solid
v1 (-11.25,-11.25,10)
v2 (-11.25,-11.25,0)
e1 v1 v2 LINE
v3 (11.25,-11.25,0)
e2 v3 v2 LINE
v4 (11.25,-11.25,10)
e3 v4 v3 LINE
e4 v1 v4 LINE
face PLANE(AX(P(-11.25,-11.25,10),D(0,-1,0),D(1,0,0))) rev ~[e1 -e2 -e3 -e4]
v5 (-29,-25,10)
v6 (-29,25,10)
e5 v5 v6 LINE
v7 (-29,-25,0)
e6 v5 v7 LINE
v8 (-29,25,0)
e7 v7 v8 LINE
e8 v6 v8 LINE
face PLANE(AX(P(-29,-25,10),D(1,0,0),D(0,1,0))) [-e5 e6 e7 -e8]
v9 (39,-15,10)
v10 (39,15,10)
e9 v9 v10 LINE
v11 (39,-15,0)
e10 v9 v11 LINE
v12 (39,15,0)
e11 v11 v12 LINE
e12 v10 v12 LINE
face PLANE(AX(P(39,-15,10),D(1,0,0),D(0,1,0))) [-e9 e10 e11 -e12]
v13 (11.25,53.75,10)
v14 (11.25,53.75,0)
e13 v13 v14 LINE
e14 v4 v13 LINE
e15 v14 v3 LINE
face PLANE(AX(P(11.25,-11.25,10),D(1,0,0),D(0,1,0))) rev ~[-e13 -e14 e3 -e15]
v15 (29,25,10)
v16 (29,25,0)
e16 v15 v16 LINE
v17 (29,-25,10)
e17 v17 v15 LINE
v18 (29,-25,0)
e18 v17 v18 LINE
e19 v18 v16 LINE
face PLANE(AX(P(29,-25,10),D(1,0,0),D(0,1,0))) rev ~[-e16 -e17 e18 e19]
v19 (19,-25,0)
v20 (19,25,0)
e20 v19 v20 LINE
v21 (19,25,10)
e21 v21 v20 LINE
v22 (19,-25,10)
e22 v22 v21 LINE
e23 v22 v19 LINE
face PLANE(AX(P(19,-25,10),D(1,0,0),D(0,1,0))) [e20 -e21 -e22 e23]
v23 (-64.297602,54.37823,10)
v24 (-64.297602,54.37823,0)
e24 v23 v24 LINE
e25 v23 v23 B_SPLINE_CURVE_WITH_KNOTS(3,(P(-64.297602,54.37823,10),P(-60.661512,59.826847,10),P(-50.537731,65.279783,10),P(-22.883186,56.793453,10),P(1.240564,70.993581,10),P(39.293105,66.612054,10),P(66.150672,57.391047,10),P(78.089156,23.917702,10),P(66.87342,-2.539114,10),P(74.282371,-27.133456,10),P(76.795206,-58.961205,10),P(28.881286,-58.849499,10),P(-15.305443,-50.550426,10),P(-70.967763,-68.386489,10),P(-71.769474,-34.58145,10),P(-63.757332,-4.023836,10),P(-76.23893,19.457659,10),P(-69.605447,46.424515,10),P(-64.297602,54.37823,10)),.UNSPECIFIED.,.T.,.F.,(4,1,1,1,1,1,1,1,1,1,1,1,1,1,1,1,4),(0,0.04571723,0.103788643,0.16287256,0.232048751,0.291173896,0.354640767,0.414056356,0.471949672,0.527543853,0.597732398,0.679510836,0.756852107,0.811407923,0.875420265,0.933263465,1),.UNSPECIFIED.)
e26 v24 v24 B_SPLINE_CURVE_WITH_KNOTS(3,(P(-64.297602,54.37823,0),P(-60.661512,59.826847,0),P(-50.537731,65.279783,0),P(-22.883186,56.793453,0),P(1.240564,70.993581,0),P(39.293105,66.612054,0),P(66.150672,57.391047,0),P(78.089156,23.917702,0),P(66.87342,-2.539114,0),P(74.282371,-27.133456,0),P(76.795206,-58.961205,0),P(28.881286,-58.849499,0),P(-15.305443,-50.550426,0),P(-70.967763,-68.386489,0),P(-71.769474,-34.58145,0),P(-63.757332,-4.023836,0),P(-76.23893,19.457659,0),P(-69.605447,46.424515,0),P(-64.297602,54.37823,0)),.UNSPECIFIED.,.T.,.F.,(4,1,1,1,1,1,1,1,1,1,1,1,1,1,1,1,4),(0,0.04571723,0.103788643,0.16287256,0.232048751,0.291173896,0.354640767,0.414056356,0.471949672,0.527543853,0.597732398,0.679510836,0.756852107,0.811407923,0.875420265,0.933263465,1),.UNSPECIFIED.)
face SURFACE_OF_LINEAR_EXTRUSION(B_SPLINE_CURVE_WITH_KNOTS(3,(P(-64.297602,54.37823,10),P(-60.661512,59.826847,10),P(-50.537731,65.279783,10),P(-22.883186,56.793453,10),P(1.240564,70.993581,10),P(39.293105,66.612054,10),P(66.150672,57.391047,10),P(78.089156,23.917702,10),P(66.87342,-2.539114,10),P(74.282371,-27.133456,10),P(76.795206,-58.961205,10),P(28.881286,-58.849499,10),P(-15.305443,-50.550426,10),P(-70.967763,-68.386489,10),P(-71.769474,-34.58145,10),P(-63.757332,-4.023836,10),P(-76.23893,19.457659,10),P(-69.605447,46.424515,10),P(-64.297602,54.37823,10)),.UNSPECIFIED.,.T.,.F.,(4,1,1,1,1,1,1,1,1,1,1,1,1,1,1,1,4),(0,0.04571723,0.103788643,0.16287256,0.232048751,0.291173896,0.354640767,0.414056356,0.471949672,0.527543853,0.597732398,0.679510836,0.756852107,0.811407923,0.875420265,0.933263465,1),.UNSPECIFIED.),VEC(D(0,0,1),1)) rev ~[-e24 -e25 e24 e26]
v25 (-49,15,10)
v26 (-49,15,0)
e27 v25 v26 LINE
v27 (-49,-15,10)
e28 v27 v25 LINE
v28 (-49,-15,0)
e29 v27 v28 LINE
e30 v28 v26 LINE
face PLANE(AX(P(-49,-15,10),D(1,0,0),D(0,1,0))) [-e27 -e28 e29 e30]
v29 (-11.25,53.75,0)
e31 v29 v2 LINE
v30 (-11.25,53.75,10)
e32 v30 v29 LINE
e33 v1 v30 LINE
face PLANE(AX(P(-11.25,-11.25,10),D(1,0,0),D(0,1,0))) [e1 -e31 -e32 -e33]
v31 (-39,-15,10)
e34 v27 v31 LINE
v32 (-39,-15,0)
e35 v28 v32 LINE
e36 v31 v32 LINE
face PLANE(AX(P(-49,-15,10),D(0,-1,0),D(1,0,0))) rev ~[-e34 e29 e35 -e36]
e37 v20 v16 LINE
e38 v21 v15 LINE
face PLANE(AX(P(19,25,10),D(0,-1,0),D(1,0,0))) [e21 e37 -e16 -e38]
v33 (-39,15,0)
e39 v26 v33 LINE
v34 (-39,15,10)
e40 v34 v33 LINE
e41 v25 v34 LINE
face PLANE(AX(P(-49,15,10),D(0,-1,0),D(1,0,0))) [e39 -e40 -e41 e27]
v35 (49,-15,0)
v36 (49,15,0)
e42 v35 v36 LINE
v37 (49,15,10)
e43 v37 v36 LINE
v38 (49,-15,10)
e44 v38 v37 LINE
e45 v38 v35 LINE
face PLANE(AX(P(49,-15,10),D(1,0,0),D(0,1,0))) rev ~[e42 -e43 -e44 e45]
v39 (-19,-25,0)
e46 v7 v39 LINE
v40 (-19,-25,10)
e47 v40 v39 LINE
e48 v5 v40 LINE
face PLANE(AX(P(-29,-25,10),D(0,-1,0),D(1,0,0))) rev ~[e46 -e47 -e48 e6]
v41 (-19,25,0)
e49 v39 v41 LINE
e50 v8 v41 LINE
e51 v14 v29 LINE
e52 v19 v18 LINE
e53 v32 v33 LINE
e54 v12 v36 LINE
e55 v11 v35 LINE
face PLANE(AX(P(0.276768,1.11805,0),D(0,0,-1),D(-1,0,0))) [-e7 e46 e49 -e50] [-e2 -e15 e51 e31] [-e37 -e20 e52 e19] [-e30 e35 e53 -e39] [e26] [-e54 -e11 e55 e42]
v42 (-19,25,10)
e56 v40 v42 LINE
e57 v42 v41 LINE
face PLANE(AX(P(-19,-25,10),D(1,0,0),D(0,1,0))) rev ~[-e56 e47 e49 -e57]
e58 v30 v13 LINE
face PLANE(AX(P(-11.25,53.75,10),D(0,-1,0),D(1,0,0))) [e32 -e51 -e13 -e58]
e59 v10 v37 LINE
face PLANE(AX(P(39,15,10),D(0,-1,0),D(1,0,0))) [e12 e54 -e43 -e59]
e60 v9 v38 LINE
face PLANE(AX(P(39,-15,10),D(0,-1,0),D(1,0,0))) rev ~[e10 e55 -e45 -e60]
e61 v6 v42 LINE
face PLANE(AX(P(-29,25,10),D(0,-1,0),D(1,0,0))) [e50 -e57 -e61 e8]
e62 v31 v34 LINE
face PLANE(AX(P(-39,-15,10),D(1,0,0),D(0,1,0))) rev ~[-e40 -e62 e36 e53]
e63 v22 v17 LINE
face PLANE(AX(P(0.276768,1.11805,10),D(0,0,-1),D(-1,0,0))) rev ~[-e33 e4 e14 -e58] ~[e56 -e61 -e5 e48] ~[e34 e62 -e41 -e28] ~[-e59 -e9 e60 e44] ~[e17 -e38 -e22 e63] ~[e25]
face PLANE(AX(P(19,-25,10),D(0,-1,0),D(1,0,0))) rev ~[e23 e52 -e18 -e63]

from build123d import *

# Parameters (mm, degrees)
F0_W     = 125
F0_H     = 100
F1_DEPTH = 10
F2_W     = 10
F2_H     = 50
F3_DEPTH = 25
F4_W     = 10
F4_H     = 30
F5_DEPTH = 25
F6_W     = 125
F6_H     = 100
F7_DEPTH = 10
F8_W     = 22.5
F8_H     = 65
F9_DEPTH = 25


with BuildPart() as f1:
    # F0 (on Top) → F1 (new body)
    with BuildSketch(Plane.XY):
        Rectangle(F0_W, F0_H)
    extrude(amount=F1_DEPTH)

    # F2 (on face) → F3 (cut)
    with BuildSketch(Plane.XY.offset(10)):
        with Locations((-24, 0)):
            Rectangle(F2_W, F2_H)
        with Locations((24, 0)):
            Rectangle(F2_W, F2_H)
    extrude(amount=-F3_DEPTH, mode=Mode.SUBTRACT)

    # F4 (on face) → F5 (cut)
    with BuildSketch(Plane.XY.offset(10)):
        with Locations((-44, 0)):
            Rectangle(F4_W, F4_H)
        with Locations((44, 0)):
            Rectangle(F4_W, F4_H)
    extrude(amount=-F5_DEPTH, mode=Mode.SUBTRACT)

    # F6 (on face) → F7 (join)
    with BuildSketch(Plane.XY.offset(10)):
        with BuildLine():
            add(Edge.make_bspline(
                [(-64.2976015806, 54.3782301247), (-60.66151236, 59.8268472461), (-50.5377305405, 65.2797832082), (-22.8831858877, 56.7934533301), (1.2405644304, 70.9935806246), (39.2931049804, 66.6120535819), (66.1506720938, 57.3910469707), (78.089156159, 23.917701602), (66.873419545, -2.539113534), (74.2823706451, -27.1334559197), (76.7952058203, -58.9612049459), (28.8812859219, -58.8494990466), (-15.3054430227, -50.5504255768), (-70.9677630567, -68.3864889621), (-71.7694744464, -34.5814503254), (-63.7573321135, -4.023836256), (-76.2389304679, 19.4576593087), (-69.6054470834, 46.4245149849), (-64.2976015806, 54.3782301247)],
                knots=[0, 0, 0, 0, 0.0457172305, 0.1037886431, 0.1628725602, 0.2320487507, 0.2911738965, 0.3546407671, 0.4140563564, 0.4719496722, 0.5275438527, 0.5977323984, 0.6795108363, 0.7568521072, 0.811407923, 0.8754202652, 0.9332634648, 1, 1, 1, 1], degree=3))
        make_face()
        Rectangle(F6_W, F6_H, mode=Mode.SUBTRACT)
    extrude(amount=-F7_DEPTH)

    # F8 (on face) → F9 (cut)
    with BuildSketch(Plane.XY.offset(10)):
        with Locations((0, 21.25)):
            Rectangle(F8_W, F8_H)
    extrude(amount=-F9_DEPTH, mode=Mode.SUBTRACT)


solid = f1.part
